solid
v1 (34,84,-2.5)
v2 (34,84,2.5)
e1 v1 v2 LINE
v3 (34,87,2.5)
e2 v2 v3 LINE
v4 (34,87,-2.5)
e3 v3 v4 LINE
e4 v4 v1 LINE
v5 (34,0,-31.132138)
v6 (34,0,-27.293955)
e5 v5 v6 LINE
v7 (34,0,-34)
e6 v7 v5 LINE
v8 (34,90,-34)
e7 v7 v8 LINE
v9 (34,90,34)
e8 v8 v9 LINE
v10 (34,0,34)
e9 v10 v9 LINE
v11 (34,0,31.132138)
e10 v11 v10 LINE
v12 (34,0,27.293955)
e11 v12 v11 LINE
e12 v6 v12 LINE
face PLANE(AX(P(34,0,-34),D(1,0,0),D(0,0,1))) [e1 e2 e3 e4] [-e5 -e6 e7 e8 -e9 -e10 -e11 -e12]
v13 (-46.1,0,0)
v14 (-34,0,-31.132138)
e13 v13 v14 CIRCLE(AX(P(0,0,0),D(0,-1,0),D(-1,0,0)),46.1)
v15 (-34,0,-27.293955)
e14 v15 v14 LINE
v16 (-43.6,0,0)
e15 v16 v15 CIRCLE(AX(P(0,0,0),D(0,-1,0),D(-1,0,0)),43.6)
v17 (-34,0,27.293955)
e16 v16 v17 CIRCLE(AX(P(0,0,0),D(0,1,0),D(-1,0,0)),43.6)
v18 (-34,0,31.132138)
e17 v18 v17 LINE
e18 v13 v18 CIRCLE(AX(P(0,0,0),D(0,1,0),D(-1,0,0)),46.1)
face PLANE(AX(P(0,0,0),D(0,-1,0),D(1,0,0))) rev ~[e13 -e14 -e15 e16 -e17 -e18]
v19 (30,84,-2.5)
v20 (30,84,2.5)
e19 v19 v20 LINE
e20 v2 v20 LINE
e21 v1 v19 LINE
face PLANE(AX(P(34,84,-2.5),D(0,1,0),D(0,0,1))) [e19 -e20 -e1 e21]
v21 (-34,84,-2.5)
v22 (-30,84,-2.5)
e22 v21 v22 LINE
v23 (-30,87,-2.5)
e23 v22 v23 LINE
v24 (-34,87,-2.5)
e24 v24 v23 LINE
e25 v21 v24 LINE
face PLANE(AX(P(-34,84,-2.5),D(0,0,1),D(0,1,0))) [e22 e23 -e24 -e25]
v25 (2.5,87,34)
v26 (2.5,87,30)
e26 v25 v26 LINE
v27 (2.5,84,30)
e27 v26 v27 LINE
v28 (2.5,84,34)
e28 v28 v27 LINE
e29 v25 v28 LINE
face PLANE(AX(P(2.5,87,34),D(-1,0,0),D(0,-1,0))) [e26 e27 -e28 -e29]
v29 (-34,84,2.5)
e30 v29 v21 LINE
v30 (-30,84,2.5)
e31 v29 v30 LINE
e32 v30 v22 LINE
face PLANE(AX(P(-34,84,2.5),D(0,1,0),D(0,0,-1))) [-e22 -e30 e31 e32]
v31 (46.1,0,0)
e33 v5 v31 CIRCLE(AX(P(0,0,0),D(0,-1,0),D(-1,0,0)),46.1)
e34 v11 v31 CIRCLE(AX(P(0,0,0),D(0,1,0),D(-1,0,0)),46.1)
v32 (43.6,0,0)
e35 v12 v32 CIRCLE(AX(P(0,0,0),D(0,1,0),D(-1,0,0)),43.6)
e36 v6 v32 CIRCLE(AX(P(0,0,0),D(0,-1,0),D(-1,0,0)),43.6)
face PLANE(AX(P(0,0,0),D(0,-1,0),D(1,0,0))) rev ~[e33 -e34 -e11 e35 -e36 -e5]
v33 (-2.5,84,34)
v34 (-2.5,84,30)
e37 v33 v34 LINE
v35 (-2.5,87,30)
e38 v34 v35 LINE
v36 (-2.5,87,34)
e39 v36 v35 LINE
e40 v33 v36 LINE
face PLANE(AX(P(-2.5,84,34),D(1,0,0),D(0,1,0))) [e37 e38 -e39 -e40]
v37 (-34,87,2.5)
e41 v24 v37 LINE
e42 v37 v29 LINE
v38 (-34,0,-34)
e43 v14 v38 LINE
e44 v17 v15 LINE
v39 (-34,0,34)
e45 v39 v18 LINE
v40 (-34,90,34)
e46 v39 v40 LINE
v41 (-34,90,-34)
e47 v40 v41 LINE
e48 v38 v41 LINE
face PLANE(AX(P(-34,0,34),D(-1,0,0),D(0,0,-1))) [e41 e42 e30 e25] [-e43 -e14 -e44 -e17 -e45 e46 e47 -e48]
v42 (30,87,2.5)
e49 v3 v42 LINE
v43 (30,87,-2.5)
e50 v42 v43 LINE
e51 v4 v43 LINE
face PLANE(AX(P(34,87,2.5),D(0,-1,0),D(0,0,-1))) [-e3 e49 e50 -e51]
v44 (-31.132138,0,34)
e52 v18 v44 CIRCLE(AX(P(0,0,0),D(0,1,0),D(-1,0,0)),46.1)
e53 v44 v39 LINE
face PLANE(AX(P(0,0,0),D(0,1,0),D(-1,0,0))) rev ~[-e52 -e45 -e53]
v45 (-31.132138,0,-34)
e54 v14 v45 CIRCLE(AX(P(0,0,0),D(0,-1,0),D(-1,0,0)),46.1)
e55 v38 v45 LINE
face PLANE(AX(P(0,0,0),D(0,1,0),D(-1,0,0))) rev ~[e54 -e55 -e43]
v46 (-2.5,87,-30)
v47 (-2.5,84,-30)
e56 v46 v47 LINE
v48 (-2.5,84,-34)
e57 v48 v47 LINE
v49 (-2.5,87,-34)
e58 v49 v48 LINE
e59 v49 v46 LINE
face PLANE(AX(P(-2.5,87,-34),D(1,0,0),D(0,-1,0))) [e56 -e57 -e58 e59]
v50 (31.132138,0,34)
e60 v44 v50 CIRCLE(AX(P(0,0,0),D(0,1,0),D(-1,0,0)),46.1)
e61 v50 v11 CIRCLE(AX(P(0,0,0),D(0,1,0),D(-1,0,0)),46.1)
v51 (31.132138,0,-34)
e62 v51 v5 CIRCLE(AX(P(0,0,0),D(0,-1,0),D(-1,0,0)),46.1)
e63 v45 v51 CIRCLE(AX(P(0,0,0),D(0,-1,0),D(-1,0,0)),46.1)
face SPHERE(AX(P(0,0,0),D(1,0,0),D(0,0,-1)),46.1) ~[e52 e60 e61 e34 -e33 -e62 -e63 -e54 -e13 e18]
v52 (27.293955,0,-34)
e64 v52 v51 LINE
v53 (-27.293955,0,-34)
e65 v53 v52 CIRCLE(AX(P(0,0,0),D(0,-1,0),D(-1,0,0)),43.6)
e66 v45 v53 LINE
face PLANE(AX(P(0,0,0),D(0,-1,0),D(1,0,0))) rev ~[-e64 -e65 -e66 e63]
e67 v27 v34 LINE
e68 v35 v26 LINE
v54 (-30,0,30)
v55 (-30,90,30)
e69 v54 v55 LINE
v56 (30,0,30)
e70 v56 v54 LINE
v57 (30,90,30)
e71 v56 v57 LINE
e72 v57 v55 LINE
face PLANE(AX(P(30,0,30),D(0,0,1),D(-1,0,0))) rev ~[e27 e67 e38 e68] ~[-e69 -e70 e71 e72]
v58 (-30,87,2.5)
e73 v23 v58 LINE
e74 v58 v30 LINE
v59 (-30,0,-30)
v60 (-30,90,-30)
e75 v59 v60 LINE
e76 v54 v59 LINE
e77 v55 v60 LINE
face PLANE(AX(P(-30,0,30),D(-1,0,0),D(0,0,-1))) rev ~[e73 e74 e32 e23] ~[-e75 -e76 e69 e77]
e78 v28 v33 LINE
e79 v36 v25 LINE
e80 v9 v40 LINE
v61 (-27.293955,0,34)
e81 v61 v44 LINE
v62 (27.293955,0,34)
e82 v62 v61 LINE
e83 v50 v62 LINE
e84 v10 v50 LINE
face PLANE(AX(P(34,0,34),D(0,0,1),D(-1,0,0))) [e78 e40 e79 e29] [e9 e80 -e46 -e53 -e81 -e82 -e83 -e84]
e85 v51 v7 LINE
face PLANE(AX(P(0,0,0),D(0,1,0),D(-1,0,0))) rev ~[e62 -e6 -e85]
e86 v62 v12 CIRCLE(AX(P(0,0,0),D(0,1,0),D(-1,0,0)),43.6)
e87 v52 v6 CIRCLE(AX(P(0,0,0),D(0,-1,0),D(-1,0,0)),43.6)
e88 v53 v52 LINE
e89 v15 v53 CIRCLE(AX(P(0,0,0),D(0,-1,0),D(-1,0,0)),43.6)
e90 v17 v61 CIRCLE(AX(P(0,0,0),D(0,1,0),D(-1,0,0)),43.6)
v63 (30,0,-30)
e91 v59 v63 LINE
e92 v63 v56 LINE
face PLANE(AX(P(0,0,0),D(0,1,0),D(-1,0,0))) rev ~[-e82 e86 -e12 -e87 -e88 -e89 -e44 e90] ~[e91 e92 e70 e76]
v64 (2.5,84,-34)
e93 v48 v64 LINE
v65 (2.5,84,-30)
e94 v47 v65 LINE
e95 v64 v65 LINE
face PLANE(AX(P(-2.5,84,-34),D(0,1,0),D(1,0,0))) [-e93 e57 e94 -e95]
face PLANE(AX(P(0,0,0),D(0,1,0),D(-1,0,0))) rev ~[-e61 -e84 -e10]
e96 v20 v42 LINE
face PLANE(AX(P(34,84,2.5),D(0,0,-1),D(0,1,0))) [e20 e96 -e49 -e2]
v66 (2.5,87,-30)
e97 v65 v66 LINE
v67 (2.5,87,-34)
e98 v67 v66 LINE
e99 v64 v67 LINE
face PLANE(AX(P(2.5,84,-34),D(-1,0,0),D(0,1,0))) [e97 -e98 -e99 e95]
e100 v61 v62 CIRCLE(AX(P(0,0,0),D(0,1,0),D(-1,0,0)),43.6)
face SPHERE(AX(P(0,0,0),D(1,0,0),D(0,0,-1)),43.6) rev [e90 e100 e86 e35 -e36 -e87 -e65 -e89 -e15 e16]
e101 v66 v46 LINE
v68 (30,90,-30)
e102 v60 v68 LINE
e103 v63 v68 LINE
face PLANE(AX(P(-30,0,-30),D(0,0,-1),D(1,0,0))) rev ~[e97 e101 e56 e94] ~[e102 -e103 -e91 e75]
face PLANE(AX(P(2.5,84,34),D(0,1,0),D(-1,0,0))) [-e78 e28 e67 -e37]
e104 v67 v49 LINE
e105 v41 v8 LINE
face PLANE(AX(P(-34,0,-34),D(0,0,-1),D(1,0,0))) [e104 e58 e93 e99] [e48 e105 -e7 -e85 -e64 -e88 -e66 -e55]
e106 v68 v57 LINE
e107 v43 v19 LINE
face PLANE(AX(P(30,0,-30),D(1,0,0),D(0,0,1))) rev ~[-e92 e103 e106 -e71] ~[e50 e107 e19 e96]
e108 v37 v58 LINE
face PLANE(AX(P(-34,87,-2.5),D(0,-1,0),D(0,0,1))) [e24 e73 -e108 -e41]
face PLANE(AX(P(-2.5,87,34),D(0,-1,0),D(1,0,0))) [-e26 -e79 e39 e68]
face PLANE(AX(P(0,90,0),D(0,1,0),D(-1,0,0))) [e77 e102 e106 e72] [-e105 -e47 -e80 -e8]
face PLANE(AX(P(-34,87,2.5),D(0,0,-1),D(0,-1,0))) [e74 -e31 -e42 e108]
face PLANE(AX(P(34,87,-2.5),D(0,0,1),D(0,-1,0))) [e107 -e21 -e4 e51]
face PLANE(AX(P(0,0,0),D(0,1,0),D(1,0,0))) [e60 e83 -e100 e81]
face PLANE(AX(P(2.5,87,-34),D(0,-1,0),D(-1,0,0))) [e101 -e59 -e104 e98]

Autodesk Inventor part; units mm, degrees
ref_plane "YZ Plane" through (0, 0, 0) normal (1, 0, 0) x (0, 1, 0)
ref_plane "XZ Plane" through (0, 0, 0) normal (0, 1, 0) x (-1, 0, 0)
ref_plane "XY Plane" through (0, 0, 0) normal (0, 0, 1) x (1, 0, 0)
sketch "Sketch1" plane through (0, 0, 0) normal (0, 1, 0) x (-1, 0, 0)
  line L0 (-30, 30) -> (30, 30)
  line L1 (30, 30) -> (30, -30)
  line L2 (30, -30) -> (-30, -30)
  line L3 (-30, -30) -> (-30, 30)
  line L4 (-30, 30) -> (30, -30) construction
  line L5 (30, 30) -> (-30, -30) construction
  line L6 (-34, 34) -> (34, 34)
  line L7 (34, 34) -> (34, -34)
  line L8 (34, -34) -> (-34, -34)
  line L9 (-34, -34) -> (-34, 34)
  line L10 (-34, 34) -> (34, -34) construction
  line L11 (34, 34) -> (-34, -34) construction
  point P0 (0, 0)
  dimension "d0" = 60
  dimension "d1" = 4
  dimension "d2" = 4
extrude "Extrusion1" add sketch "Sketch1" along normal blind 90
sketch "Sketch2" plane through (34, 0, 34) normal (1, 0, 0) x (0, 0, -1)
  line L0 (31.5, 87) -> (36.5, 87)
  line L1 (36.5, 87) -> (36.5, 84)
  line L2 (36.5, 84) -> (31.5, 84)
  line L3 (31.5, 84) -> (31.5, 87)
  line L4 (31.5, 87) -> (36.5, 84) construction
  line L5 (36.5, 87) -> (31.5, 84) construction
  line L6 (0, 90) -> (68, 90) projected
  point P0 (34, 0)
  point P1 (34, 85.5)
  dimension "d5" = 3
  dimension "d6" = 3
  dimension "d7" = 5
extrude "Extrusion2" cut sketch "Sketch2" against normal up to surface (4 mm away)
pattern_circular "Circular Pattern1" count 4 over 360 about axis through (0, -10, 0) along (0, 1, 0) of "Extrusion2"
sketch "Sketch3" plane through (0, 0, 0) normal (0, -1, 0) x (1, 0, 0)
  arc A0 (-43.6, 0) -> (43.6, 0) centre (0, 0) ccw
  arc A1 (-46.1, 0) -> (46.1, 0) centre (0, 0) ccw
  line L0 (43.6, 0) -> (46.1, 0)
  line L1 (-46.1, 0) -> (-43.6, 0)
  line L2 (0, 0) -> (7.0498, 0) construction
  dimension "d14" = 2.5
  dimension "d17" = 43.6
revolve "Revolution1" add sketch "Sketch3" angle 180 about axis through (0, 0, 0) along (-1, 0, 0)
ref_plane "Work Plane1" through (0, -21, 0) normal (0, -1, 0) x (1, 0, 0)
properties part number "box-v1"
